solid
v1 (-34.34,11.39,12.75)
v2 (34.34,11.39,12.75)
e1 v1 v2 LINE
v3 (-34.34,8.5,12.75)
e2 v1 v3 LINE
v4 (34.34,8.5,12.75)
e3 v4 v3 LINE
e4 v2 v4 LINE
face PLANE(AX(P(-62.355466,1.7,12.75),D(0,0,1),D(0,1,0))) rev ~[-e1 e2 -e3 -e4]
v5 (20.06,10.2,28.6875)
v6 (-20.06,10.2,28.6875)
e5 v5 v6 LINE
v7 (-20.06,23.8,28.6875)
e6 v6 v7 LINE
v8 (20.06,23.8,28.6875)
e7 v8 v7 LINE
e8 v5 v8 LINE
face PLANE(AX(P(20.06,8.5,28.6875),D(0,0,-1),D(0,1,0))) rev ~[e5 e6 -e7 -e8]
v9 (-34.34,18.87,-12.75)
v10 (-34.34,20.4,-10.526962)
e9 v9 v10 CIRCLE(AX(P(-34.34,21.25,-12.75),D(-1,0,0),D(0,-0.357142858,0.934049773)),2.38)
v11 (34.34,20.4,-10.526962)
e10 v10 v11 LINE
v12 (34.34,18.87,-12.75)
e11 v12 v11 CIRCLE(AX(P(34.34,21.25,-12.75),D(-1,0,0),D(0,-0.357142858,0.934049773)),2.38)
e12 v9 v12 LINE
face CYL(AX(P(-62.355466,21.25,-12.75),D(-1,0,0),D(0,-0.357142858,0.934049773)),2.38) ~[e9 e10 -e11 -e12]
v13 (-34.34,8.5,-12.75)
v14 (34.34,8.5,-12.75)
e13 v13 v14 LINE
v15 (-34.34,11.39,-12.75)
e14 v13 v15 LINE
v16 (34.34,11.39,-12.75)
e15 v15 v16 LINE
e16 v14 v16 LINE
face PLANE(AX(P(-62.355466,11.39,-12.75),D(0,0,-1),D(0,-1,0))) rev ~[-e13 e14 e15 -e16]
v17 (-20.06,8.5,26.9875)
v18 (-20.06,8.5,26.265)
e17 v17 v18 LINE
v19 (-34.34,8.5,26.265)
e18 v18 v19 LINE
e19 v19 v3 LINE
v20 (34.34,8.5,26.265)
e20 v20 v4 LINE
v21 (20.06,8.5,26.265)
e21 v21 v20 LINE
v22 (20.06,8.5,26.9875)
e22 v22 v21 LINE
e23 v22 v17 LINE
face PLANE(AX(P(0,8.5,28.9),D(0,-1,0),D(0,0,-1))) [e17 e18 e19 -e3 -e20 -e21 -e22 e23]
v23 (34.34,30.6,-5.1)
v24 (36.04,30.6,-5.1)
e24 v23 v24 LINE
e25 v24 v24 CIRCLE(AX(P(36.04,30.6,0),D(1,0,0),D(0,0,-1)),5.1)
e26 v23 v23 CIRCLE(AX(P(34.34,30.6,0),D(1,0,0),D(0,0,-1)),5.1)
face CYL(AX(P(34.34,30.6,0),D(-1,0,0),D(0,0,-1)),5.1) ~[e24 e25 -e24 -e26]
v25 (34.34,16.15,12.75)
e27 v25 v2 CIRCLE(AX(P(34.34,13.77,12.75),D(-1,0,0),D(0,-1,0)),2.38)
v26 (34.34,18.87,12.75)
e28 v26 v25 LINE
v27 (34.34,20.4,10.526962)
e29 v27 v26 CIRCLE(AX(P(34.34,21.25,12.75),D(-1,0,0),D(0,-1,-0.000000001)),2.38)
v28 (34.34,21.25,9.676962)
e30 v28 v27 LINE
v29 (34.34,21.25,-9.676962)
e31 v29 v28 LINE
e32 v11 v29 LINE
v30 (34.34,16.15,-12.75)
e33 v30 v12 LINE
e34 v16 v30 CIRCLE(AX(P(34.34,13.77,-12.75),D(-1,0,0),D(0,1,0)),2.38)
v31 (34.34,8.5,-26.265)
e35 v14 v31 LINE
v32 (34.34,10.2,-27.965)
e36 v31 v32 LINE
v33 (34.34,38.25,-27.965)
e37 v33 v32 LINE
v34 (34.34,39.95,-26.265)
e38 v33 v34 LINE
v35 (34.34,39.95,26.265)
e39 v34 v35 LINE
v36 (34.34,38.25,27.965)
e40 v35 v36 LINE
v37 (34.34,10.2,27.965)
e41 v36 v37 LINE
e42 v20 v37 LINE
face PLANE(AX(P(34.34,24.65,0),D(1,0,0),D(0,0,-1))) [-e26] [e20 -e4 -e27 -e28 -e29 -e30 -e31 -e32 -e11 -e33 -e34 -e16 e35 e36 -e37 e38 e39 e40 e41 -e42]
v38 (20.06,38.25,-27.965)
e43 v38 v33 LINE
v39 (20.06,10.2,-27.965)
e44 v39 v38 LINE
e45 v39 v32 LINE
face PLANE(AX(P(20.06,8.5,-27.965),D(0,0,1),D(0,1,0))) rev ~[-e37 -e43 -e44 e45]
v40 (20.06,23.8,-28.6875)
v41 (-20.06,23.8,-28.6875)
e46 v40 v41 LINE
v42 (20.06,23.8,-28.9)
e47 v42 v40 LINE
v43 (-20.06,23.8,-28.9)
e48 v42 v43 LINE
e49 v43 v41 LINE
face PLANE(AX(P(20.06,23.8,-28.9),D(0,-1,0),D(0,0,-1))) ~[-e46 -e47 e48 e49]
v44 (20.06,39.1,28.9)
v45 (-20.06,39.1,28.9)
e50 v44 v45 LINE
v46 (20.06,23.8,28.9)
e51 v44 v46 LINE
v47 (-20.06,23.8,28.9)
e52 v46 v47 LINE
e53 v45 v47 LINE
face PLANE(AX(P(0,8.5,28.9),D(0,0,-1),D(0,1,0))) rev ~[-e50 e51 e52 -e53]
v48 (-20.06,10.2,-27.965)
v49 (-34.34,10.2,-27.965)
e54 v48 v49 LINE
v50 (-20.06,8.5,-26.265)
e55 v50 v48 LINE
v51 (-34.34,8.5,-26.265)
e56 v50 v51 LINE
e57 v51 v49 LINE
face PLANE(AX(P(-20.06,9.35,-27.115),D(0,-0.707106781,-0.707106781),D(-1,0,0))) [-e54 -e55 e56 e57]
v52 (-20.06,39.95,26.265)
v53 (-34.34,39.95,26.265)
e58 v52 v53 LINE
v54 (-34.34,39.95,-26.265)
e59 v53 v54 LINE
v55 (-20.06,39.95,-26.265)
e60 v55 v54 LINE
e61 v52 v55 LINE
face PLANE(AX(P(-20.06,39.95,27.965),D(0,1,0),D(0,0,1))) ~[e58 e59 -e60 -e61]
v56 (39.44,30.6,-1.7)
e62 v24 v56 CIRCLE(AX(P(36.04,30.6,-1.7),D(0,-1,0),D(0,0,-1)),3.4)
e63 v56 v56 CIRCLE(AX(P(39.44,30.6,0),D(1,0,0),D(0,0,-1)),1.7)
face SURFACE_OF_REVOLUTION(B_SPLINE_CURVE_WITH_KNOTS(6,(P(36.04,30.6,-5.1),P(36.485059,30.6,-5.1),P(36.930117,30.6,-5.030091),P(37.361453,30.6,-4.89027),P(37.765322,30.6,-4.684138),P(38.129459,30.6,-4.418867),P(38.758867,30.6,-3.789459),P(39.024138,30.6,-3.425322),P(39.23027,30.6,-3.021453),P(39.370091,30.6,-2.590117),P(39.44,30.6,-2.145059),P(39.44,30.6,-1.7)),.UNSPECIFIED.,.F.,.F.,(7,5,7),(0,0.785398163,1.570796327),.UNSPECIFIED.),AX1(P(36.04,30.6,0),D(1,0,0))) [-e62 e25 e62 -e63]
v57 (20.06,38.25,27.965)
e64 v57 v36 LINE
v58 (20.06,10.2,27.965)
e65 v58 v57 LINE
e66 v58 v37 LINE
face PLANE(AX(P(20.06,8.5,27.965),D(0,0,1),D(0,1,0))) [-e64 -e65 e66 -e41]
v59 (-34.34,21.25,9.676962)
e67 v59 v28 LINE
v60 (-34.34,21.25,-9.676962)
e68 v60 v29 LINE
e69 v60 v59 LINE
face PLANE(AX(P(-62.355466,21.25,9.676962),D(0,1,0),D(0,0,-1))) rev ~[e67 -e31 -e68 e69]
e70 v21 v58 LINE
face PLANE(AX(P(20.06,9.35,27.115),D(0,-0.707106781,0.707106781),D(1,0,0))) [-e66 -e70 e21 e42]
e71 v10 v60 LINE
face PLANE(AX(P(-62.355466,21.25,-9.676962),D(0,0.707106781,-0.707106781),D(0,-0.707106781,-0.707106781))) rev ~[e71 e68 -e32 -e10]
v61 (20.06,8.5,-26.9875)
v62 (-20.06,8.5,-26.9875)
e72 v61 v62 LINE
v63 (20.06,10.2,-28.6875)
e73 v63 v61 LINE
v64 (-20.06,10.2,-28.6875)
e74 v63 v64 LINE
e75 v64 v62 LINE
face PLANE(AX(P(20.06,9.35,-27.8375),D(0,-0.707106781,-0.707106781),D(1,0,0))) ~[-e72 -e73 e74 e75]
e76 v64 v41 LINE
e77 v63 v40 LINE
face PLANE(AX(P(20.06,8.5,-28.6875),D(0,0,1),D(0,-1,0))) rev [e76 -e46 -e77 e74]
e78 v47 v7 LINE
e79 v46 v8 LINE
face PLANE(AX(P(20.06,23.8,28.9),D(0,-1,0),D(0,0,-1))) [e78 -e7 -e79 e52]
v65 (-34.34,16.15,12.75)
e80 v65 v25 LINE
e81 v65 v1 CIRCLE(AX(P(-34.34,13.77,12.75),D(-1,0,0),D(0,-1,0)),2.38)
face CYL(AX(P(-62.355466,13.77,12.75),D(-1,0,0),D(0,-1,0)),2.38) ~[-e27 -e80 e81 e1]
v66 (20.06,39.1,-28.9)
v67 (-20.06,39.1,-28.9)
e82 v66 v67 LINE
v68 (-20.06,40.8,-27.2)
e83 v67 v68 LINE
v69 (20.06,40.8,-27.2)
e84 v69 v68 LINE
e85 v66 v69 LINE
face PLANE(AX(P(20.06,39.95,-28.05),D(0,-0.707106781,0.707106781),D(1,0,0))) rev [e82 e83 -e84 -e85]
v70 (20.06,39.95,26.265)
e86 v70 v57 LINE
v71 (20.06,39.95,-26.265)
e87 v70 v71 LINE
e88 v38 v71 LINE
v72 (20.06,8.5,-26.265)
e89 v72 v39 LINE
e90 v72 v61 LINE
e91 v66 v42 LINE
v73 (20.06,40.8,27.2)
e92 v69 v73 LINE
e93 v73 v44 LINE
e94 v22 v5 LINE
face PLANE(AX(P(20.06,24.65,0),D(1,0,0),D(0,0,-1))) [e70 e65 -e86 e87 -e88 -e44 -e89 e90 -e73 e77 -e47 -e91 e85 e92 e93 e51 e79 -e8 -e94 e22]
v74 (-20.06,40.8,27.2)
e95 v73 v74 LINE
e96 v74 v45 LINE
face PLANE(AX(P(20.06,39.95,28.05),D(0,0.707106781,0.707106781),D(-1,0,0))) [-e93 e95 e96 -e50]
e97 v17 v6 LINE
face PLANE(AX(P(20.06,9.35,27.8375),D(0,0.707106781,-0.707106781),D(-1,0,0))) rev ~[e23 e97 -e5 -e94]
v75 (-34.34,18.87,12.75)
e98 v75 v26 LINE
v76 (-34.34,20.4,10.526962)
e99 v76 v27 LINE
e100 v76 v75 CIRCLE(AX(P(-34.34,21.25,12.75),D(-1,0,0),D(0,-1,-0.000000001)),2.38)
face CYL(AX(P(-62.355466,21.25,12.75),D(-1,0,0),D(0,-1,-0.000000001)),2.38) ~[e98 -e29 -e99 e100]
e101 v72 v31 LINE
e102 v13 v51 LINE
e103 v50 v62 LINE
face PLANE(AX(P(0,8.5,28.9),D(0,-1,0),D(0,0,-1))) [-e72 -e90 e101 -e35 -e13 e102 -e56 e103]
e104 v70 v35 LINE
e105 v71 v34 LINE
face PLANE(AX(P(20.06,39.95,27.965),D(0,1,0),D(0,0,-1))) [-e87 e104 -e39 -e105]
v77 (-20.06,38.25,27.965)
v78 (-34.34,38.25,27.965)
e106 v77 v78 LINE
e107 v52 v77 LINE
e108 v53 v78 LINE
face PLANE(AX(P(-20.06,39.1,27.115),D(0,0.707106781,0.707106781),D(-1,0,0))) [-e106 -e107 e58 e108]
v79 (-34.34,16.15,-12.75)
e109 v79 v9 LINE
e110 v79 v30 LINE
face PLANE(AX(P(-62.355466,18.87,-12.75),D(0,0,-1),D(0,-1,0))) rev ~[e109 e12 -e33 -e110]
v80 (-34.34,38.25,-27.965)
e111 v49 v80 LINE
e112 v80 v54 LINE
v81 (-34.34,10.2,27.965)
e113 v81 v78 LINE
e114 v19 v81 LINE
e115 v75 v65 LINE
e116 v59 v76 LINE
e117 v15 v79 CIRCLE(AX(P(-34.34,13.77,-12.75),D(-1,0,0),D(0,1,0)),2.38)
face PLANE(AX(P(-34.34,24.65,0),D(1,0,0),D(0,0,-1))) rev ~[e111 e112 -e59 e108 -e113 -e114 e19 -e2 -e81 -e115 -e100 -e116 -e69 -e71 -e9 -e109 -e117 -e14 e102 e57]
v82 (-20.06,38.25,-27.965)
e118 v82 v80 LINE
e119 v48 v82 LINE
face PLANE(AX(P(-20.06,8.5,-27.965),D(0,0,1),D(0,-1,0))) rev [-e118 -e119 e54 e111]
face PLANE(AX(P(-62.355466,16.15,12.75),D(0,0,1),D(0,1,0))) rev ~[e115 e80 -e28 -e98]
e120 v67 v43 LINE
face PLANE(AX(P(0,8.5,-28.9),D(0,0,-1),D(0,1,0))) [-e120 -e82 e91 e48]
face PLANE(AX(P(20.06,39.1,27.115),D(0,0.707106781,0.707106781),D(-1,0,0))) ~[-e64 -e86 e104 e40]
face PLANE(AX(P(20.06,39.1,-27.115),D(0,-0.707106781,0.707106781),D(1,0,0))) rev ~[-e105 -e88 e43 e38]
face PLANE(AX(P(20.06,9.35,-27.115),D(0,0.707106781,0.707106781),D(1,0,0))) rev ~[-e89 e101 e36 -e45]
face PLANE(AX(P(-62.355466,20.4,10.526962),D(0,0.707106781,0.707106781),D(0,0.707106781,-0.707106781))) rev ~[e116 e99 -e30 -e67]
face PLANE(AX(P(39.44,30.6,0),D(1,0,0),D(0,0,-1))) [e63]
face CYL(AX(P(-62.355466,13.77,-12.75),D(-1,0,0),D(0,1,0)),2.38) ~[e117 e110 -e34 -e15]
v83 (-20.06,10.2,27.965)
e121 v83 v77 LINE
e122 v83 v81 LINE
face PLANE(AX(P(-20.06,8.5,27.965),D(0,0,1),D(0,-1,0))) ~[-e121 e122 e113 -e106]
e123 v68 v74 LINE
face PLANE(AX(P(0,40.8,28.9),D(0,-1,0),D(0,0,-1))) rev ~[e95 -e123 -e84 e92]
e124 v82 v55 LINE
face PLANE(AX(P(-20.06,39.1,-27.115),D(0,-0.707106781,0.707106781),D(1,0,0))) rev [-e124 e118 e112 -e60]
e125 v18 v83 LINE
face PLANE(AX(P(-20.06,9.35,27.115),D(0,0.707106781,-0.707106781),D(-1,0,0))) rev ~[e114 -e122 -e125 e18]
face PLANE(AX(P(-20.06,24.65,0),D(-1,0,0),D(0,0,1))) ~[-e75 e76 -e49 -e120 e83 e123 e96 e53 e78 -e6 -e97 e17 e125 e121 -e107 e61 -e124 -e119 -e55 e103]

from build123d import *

# Parameters (mm, degrees)
SKETCH1_W               = 34
SKETCH1_H               = 19
BOSS_EXTRUDE1_DEPTH     = 20.2
SKETCH2_OUTSIDE_W       = 47.224
SKETCH2_OUTSIDE_H       = 32.224
SKETCH2_OUTSIDE_W_2     = 32.9
SKETCH2_OUTSIDE_H_2     = 18.5
CUT_EXTRUDE2_DEPTH      = 44.462627624
CUT_EXTRUDE8_DEPTH      = 36.679686097
CUT_EXTRUDE8_DEPTH_BACK = 36.679686097
SKETCH3_W               = 0.125
SKETCH3_H               = 9
CUT_EXTRUDE3_DEPTH      = 23.6
CHAMFER1_SIZE           = 1
CHAMFER2_SIZE           = 1
CHAMFER3_SIZE           = 1
CHAMFER4_SIZE           = 1
SKETCH10_R              = 3
BOSS_EXTRUDE3_DEPTH     = 3
FILLET1_R               = 2
SCALE_1_SCALE           = 1.7


with BuildPart() as part:
    # Sketch1 → Boss-Extrude1 (new, symmetric)
    with BuildSketch(Plane(origin=(0, 0, 0), x_dir=(0, 0, -1), z_dir=(1, 0, 0))):
        with Locations((0, 14.5)):
            Rectangle(SKETCH1_W, SKETCH1_H)
    extrude(amount=BOSS_EXTRUDE1_DEPTH, both=True)

    # Sketch2 outside → Cut-Extrude2 (cut, through all)
    with BuildSketch(Plane(origin=(11.8, 0, 0), x_dir=(0, 0, -1), z_dir=(1, 0, 0))):
        with Locations((0, 14.5)):
            Rectangle(SKETCH2_OUTSIDE_W, SKETCH2_OUTSIDE_H)
        with Locations((0, 14.25)):
            Rectangle(SKETCH2_OUTSIDE_W_2, SKETCH2_OUTSIDE_H_2, mode=Mode.SUBTRACT)
    cut_extrude2 = extrude(amount=CUT_EXTRUDE2_DEPTH, mode=Mode.SUBTRACT)

    # Mirror1: Cut-Extrude2 across plane
    add(cut_extrude2.mirror(Plane(origin=(0, 0, 0), x_dir=(0, 0, 1), z_dir=(1, 0, 0))), mode=Mode.SUBTRACT)

    # Sketch5 → Cut-Extrude8 (cut, two sides: drawn at the far end of the back side and taken through both)
    with BuildSketch(Plane(origin=(0, 0, 0), x_dir=(0, 0, -1), z_dir=(1, 0, 0)).offset(-CUT_EXTRUDE8_DEPTH_BACK)):
        with BuildLine():
            Line((-5.692330317, 12.5), (5.692330317, 12.5))
            Line((5.692330317, 12.5), (6.192330317, 12))
            ThreePointArc((6.192330317, 12), (6.706274607, 11.346743741), (7.5, 11.1))
            Line((7.5, 11.1), (7.5, 9.5))
            ThreePointArc((7.5, 9.5), (6.1, 8.1), (7.5, 6.7))
            Line((7.5, 6.7), (7.5, 1))
            Line((7.5, 1), (6.5, 0))
            Line((6.5, 0), (-6.5, 0))
            Line((-6.5, 0), (-7.5, 1))
            Line((-7.5, 1), (-7.5, 6.7))
            ThreePointArc((-7.5, 6.7), (-6.1, 8.1), (-7.5, 9.5))
            Line((-7.5, 9.5), (-7.5, 11.1))
            ThreePointArc((-7.5, 11.1), (-6.706274607, 11.346743741), (-6.192330317, 12))
            Line((-6.192330317, 12), (-5.692330317, 12.5))
        make_face()
    extrude(amount=CUT_EXTRUDE8_DEPTH + CUT_EXTRUDE8_DEPTH_BACK, mode=Mode.SUBTRACT)

    # Sketch3 → Cut-Extrude3 (cut)
    with BuildSketch(Plane(origin=(11.8, 0, 0), x_dir=(0, 0, -1), z_dir=(1, 0, 0))):
        with Locations((-16.9375, 9.5)):
            Rectangle(SKETCH3_W, SKETCH3_H)
    cut_extrude3 = extrude(amount=-CUT_EXTRUDE3_DEPTH, mode=Mode.SUBTRACT)

    # Mirror2: Cut-Extrude3 across plane
    add(cut_extrude3.mirror(Plane.XY), mode=Mode.SUBTRACT)

    # Chamfer1
    chamfer1_edges = [part.edges().sort_by_distance(p)[0] for p in [
        (16, 23.5, -16.45),
        (16, 23.5, 16.45),
        (-16, 23.5, 16.45),
        (-16, 23.5, -16.45),
    ]]
    chamfer(chamfer1_edges, length=CHAMFER1_SIZE)

    # Chamfer2
    chamfer2_edges = [part.edges().sort_by_distance(p)[0] for p in [
        (0, 24, 17),
        (0, 24, -17),
    ]]
    chamfer(chamfer2_edges, length=CHAMFER2_SIZE)

    # Chamfer3
    chamfer3_edges = [part.edges().sort_by_distance(p)[0] for p in [
        (16, 5, 16.45),
        (16, 5, -16.45),
        (-16, 5, -16.45),
        (-16, 5, 16.45),
    ]]
    chamfer(chamfer3_edges, length=CHAMFER3_SIZE)

    # Chamfer4
    chamfer4_edges = [part.edges().sort_by_distance(p)[0] for p in [
        (0, 5, 16.875),
        (0, 5, -16.875),
    ]]
    chamfer(chamfer4_edges, length=CHAMFER4_SIZE)

    # Sketch10 → Boss-Extrude3 (add)
    with BuildSketch(Plane(origin=(20.2, 0, 0), x_dir=(0, 0, -1), z_dir=(1, 0, 0))):
        with Locations((0, 18)):
            Circle(SKETCH10_R)
    extrude(amount=BOSS_EXTRUDE3_DEPTH)

    # Fillet1
    fillet1_edges = [part.edges().sort_by_distance(p)[0] for p in [
        (23.2, 18, 3),
    ]]
    fillet(fillet1_edges, radius=FILLET1_R)


with BuildPart() as part_1:
    # Scale 1: scaled about (0, 0, 0)
    add(part.part.scale(SCALE_1_SCALE))


solid = part_1.part
